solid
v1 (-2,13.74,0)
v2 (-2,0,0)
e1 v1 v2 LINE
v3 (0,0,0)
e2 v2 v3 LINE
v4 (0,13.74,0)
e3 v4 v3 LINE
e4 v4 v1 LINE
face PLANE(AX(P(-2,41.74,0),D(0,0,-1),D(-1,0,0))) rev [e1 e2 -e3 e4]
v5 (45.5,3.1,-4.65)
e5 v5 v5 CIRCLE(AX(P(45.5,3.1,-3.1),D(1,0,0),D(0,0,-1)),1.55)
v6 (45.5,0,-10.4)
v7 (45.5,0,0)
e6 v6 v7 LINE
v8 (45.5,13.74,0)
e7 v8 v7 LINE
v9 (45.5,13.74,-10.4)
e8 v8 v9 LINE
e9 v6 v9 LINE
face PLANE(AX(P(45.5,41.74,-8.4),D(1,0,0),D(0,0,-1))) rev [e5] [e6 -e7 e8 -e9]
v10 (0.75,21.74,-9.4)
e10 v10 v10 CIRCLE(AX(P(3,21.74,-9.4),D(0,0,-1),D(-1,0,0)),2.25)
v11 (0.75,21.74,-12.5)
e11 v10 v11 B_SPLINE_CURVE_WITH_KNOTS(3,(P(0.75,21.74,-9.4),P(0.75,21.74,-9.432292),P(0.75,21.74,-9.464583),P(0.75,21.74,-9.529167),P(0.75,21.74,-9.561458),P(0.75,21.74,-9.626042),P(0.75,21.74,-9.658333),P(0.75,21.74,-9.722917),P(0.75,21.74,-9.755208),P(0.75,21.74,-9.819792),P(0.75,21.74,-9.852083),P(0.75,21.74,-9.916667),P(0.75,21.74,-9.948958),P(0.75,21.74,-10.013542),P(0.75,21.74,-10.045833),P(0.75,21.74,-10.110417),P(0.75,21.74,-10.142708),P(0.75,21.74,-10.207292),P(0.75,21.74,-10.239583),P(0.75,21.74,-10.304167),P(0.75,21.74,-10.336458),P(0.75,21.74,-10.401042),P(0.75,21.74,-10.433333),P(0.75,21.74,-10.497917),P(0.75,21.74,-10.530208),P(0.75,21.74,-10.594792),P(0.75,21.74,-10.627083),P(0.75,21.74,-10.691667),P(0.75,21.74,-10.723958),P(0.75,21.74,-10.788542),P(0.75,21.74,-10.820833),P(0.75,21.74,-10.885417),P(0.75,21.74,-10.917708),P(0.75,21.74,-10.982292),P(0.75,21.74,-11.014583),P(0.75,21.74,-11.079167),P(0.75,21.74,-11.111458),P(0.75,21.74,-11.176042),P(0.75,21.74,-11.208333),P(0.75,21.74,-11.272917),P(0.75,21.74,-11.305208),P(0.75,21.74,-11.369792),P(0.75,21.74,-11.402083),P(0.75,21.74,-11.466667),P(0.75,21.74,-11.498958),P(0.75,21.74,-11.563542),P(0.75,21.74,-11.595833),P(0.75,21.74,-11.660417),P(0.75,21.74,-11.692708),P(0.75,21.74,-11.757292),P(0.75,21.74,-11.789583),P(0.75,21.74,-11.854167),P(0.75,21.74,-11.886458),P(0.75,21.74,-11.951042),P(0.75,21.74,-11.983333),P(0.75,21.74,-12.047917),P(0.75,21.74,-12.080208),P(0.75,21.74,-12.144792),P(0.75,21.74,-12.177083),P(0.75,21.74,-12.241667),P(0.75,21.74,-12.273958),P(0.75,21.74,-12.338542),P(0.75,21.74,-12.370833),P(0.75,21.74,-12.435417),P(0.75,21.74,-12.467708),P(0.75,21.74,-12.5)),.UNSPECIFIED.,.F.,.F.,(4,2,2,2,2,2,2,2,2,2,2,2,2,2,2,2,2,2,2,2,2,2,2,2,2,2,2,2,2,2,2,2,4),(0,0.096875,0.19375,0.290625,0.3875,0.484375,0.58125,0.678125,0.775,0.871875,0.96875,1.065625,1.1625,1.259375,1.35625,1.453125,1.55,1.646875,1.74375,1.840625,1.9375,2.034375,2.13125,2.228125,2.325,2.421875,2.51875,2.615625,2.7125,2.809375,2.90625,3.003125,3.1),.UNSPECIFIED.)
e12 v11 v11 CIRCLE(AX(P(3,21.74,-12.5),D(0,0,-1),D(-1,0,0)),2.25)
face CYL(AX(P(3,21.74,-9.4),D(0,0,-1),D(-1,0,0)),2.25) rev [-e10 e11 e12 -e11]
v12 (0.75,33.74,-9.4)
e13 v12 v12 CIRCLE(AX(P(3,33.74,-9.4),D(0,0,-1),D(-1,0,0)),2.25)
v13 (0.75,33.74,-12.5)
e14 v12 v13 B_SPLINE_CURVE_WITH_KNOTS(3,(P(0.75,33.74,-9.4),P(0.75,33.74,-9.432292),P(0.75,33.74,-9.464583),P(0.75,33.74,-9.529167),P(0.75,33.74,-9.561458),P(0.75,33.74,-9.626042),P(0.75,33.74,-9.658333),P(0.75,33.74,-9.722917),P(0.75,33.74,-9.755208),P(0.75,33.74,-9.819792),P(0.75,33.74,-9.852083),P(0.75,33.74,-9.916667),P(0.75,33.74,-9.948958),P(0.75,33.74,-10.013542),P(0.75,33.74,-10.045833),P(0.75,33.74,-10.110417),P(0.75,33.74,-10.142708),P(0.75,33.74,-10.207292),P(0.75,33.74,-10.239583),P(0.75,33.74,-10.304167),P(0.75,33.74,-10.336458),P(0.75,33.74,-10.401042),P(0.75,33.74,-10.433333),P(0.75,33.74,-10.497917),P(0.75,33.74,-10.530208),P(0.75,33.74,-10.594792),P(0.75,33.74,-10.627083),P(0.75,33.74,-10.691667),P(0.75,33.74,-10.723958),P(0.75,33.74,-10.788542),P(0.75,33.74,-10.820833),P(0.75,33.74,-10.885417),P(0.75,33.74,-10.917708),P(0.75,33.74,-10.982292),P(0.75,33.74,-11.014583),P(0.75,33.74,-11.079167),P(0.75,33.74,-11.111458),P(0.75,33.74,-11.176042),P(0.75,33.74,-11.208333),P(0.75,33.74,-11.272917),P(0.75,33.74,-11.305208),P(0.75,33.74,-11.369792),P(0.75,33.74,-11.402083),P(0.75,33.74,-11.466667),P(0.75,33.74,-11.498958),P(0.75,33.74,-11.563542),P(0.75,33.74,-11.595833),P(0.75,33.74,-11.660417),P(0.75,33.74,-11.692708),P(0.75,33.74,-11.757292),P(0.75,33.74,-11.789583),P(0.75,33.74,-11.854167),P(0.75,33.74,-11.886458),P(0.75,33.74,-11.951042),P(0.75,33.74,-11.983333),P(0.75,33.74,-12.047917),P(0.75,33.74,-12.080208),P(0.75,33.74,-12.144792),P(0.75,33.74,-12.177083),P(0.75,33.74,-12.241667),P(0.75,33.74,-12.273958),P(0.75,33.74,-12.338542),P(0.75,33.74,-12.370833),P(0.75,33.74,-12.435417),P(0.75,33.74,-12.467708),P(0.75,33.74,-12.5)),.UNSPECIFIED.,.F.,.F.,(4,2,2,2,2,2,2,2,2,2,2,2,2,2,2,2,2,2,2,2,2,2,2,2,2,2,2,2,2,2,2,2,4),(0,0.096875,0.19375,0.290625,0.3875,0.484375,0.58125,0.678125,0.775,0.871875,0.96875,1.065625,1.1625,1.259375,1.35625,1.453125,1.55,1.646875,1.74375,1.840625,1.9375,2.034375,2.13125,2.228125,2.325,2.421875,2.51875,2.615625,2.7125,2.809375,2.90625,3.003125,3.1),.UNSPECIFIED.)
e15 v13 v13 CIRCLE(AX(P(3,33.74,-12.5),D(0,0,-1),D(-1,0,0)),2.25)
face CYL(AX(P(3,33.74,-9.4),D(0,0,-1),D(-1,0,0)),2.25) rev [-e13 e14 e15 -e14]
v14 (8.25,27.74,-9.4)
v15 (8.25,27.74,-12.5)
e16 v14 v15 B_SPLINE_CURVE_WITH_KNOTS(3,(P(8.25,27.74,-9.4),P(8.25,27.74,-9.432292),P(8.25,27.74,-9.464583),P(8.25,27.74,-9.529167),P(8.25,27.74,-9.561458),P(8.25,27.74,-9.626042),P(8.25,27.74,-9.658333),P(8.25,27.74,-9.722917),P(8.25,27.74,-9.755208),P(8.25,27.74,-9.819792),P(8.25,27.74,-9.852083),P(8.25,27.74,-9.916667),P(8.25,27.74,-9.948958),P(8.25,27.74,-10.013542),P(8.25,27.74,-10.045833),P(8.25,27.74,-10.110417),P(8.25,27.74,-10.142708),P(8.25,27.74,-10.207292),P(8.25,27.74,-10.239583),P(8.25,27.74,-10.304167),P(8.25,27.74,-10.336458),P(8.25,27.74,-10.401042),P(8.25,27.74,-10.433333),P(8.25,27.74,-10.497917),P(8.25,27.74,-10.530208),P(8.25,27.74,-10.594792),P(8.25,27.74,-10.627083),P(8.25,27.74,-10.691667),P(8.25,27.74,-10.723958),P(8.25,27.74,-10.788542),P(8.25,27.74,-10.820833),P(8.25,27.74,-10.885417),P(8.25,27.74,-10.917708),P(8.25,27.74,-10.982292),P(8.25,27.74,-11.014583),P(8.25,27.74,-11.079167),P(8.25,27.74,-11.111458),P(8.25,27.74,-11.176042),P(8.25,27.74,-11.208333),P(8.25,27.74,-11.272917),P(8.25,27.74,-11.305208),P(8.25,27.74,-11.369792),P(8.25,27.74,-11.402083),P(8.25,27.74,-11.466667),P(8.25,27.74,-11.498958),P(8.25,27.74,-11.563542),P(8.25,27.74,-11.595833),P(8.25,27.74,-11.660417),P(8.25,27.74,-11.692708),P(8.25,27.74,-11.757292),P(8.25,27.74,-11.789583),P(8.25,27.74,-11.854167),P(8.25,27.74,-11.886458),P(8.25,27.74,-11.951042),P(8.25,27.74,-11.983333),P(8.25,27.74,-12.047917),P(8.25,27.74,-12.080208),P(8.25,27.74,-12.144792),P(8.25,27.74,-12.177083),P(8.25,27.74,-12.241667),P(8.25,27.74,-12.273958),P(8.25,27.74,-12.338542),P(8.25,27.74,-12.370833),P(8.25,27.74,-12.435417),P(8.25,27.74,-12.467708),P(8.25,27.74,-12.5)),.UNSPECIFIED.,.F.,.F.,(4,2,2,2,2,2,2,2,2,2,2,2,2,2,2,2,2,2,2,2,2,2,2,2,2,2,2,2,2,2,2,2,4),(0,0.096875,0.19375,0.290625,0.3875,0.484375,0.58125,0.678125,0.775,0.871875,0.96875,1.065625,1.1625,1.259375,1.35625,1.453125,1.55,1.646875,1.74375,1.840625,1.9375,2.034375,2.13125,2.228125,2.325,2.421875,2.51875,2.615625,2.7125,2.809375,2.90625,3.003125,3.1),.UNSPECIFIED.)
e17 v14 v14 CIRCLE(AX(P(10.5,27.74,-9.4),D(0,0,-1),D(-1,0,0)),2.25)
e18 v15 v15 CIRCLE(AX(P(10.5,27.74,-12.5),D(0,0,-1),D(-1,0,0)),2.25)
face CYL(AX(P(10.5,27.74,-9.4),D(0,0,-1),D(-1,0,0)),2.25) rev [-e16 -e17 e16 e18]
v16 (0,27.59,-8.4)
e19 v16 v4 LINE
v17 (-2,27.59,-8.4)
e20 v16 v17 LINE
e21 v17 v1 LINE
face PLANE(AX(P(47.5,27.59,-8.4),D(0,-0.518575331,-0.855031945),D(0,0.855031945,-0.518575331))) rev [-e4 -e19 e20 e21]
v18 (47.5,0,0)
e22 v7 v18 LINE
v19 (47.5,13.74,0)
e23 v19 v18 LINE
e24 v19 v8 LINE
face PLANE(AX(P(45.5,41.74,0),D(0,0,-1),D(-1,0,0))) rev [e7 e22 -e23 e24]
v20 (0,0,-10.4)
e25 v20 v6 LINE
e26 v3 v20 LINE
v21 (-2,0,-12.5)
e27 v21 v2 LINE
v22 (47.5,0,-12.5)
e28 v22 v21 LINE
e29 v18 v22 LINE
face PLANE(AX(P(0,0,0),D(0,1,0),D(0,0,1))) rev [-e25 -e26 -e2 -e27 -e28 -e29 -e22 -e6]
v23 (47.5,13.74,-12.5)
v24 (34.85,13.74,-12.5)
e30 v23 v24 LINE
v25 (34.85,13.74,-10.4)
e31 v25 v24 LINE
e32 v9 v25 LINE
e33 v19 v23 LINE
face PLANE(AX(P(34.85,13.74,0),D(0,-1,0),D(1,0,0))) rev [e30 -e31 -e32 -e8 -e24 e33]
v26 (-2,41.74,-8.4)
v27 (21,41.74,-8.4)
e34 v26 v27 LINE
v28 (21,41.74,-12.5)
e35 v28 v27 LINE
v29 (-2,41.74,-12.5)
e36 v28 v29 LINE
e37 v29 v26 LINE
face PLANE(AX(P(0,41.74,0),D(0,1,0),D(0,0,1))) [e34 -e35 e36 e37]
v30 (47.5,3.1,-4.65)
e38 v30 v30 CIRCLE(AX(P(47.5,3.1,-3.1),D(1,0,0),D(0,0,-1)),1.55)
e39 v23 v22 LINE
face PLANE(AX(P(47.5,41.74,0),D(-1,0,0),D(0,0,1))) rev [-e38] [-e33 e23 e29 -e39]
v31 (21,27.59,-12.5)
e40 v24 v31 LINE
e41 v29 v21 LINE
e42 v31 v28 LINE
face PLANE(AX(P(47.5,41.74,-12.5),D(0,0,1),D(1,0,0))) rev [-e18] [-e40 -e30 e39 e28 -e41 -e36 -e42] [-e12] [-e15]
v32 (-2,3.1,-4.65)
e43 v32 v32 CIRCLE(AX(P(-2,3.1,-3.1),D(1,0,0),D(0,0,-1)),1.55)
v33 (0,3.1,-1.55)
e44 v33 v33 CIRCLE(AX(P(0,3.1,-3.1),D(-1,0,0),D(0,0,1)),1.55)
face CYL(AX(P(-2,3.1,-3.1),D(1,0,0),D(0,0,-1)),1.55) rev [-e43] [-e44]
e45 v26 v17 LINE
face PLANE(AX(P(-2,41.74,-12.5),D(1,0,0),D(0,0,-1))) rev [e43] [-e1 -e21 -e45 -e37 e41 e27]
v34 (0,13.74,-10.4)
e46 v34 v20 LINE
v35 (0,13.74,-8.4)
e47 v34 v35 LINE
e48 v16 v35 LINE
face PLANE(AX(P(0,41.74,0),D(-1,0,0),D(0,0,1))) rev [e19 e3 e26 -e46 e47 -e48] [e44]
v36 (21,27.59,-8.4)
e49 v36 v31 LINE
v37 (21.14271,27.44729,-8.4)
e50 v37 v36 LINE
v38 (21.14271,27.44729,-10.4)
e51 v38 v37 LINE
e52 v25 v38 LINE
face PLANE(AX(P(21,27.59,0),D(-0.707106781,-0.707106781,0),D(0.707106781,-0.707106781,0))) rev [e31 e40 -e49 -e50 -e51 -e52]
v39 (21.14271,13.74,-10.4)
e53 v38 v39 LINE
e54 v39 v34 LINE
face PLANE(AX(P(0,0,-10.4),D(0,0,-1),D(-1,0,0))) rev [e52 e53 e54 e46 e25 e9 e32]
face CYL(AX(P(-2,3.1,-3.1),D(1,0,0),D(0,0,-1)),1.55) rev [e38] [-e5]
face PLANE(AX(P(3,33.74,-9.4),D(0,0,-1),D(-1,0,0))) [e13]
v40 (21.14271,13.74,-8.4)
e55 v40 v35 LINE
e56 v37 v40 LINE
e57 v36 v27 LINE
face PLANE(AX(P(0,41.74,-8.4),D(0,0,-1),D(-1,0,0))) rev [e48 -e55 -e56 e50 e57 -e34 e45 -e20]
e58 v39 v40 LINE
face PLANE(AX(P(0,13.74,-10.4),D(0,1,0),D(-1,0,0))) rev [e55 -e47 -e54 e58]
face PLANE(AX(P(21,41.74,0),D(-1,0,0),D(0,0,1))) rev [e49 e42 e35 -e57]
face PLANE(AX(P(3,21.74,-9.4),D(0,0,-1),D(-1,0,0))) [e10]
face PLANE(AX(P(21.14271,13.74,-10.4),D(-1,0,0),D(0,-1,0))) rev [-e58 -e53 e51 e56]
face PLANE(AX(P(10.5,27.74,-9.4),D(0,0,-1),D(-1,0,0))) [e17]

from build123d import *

# Parameters (mm, degrees)
PROFILEBOSS_EXTRUDE3_DEPTH            = 41.74
SKETCH5_R                             = 1.55
SHROUDHOLESCUT_EXTRUDE1_DEPTH         = 66.944883046
SIDECUTOUTCUT_EXTRUDE3_DEPTH          = 66.944883046
FRONTCUTOUTCUT_EXTRUDE4_DEPTH         = 65.457176482
SKETCH11_R                            = 2.25
DRAGCHAINMOUNTHOLESCUT_EXTRUDE6_DEPTH = 3.1
CUT_EXTRUDE7_DEPTH                    = 2


with BuildPart() as part:
    # Sketch4 → ProfileBoss-Extrude3 (new body)
    with BuildSketch(Plane(origin=(0, 0, 0), x_dir=(1, 0, 0), z_dir=(0, 1, 0))):
        Polygon((0, 0), (0, 8.4), (45.5, 8.4), (45.5, 0), (47.5, 0), (47.5, 12.5), (-2, 12.5), (-2, 0), align=None)
    extrude(amount=PROFILEBOSS_EXTRUDE3_DEPTH)

    # Sketch5 → ShroudHolesCut-Extrude1 (cut, through all)
    with BuildSketch(Plane(origin=(47.5, 0, 0), x_dir=(0, 0, -1), z_dir=(1, 0, 0))):
        with Locations((3.1, 3.1)):
            Circle(SKETCH5_R)
    extrude(amount=-SHROUDHOLESCUT_EXTRUDE1_DEPTH, mode=Mode.SUBTRACT)

    # SideCutoutSketch9 → SideCutoutCut-Extrude3 (cut, through all)
    with BuildSketch(Plane.ZY.offset(2)):
        Polygon((0, 41.74), (-8.4, 41.74), (-8.4, 27.59), (0, 13.74), align=None)
    extrude(amount=-SIDECUTOUTCUT_EXTRUDE3_DEPTH, mode=Mode.SUBTRACT)

    # FrontCutoutSketch7 → FrontCutoutCut-Extrude4 (cut, through all)
    with BuildSketch(Plane(origin=(0, 0, -12.5), x_dir=(-1, 0, 0), z_dir=(0, 0, -1))):
        Polygon((-21, 41.74), (-21, 27.59), (-34.85, 13.74), (-47.5, 13.74), (-47.5, 41.74), align=None)
    extrude(amount=-FRONTCUTOUTCUT_EXTRUDE4_DEPTH, mode=Mode.SUBTRACT)

    # Sketch11 → DragChainMountHolesCut-Extrude6 (cut)
    with BuildSketch(Plane(origin=(0, 0, -12.5), x_dir=(-1, 0, 0), z_dir=(0, 0, -1))):
        with Locations((-3, 21.74)):
            Circle(SKETCH11_R)
        with Locations((-10.5, 27.74)):
            Circle(SKETCH11_R)
        with Locations((-3, 33.74)):
            Circle(SKETCH11_R)
    extrude(amount=-DRAGCHAINMOUNTHOLESCUT_EXTRUDE6_DEPTH, mode=Mode.SUBTRACT)

    # Sketch13 → Cut-Extrude7 (cut)
    with BuildSketch(Plane.XY.offset(-8.4)):
        Polygon((21.142710497, 27.447289503), (34.85, 13.74), (45.5, 13.74), (45.5, 0), (0, 0), (0, 13.74), (21.142710497, 13.74), align=None)
    extrude(amount=-CUT_EXTRUDE7_DEPTH, mode=Mode.SUBTRACT)


solid = part.part
